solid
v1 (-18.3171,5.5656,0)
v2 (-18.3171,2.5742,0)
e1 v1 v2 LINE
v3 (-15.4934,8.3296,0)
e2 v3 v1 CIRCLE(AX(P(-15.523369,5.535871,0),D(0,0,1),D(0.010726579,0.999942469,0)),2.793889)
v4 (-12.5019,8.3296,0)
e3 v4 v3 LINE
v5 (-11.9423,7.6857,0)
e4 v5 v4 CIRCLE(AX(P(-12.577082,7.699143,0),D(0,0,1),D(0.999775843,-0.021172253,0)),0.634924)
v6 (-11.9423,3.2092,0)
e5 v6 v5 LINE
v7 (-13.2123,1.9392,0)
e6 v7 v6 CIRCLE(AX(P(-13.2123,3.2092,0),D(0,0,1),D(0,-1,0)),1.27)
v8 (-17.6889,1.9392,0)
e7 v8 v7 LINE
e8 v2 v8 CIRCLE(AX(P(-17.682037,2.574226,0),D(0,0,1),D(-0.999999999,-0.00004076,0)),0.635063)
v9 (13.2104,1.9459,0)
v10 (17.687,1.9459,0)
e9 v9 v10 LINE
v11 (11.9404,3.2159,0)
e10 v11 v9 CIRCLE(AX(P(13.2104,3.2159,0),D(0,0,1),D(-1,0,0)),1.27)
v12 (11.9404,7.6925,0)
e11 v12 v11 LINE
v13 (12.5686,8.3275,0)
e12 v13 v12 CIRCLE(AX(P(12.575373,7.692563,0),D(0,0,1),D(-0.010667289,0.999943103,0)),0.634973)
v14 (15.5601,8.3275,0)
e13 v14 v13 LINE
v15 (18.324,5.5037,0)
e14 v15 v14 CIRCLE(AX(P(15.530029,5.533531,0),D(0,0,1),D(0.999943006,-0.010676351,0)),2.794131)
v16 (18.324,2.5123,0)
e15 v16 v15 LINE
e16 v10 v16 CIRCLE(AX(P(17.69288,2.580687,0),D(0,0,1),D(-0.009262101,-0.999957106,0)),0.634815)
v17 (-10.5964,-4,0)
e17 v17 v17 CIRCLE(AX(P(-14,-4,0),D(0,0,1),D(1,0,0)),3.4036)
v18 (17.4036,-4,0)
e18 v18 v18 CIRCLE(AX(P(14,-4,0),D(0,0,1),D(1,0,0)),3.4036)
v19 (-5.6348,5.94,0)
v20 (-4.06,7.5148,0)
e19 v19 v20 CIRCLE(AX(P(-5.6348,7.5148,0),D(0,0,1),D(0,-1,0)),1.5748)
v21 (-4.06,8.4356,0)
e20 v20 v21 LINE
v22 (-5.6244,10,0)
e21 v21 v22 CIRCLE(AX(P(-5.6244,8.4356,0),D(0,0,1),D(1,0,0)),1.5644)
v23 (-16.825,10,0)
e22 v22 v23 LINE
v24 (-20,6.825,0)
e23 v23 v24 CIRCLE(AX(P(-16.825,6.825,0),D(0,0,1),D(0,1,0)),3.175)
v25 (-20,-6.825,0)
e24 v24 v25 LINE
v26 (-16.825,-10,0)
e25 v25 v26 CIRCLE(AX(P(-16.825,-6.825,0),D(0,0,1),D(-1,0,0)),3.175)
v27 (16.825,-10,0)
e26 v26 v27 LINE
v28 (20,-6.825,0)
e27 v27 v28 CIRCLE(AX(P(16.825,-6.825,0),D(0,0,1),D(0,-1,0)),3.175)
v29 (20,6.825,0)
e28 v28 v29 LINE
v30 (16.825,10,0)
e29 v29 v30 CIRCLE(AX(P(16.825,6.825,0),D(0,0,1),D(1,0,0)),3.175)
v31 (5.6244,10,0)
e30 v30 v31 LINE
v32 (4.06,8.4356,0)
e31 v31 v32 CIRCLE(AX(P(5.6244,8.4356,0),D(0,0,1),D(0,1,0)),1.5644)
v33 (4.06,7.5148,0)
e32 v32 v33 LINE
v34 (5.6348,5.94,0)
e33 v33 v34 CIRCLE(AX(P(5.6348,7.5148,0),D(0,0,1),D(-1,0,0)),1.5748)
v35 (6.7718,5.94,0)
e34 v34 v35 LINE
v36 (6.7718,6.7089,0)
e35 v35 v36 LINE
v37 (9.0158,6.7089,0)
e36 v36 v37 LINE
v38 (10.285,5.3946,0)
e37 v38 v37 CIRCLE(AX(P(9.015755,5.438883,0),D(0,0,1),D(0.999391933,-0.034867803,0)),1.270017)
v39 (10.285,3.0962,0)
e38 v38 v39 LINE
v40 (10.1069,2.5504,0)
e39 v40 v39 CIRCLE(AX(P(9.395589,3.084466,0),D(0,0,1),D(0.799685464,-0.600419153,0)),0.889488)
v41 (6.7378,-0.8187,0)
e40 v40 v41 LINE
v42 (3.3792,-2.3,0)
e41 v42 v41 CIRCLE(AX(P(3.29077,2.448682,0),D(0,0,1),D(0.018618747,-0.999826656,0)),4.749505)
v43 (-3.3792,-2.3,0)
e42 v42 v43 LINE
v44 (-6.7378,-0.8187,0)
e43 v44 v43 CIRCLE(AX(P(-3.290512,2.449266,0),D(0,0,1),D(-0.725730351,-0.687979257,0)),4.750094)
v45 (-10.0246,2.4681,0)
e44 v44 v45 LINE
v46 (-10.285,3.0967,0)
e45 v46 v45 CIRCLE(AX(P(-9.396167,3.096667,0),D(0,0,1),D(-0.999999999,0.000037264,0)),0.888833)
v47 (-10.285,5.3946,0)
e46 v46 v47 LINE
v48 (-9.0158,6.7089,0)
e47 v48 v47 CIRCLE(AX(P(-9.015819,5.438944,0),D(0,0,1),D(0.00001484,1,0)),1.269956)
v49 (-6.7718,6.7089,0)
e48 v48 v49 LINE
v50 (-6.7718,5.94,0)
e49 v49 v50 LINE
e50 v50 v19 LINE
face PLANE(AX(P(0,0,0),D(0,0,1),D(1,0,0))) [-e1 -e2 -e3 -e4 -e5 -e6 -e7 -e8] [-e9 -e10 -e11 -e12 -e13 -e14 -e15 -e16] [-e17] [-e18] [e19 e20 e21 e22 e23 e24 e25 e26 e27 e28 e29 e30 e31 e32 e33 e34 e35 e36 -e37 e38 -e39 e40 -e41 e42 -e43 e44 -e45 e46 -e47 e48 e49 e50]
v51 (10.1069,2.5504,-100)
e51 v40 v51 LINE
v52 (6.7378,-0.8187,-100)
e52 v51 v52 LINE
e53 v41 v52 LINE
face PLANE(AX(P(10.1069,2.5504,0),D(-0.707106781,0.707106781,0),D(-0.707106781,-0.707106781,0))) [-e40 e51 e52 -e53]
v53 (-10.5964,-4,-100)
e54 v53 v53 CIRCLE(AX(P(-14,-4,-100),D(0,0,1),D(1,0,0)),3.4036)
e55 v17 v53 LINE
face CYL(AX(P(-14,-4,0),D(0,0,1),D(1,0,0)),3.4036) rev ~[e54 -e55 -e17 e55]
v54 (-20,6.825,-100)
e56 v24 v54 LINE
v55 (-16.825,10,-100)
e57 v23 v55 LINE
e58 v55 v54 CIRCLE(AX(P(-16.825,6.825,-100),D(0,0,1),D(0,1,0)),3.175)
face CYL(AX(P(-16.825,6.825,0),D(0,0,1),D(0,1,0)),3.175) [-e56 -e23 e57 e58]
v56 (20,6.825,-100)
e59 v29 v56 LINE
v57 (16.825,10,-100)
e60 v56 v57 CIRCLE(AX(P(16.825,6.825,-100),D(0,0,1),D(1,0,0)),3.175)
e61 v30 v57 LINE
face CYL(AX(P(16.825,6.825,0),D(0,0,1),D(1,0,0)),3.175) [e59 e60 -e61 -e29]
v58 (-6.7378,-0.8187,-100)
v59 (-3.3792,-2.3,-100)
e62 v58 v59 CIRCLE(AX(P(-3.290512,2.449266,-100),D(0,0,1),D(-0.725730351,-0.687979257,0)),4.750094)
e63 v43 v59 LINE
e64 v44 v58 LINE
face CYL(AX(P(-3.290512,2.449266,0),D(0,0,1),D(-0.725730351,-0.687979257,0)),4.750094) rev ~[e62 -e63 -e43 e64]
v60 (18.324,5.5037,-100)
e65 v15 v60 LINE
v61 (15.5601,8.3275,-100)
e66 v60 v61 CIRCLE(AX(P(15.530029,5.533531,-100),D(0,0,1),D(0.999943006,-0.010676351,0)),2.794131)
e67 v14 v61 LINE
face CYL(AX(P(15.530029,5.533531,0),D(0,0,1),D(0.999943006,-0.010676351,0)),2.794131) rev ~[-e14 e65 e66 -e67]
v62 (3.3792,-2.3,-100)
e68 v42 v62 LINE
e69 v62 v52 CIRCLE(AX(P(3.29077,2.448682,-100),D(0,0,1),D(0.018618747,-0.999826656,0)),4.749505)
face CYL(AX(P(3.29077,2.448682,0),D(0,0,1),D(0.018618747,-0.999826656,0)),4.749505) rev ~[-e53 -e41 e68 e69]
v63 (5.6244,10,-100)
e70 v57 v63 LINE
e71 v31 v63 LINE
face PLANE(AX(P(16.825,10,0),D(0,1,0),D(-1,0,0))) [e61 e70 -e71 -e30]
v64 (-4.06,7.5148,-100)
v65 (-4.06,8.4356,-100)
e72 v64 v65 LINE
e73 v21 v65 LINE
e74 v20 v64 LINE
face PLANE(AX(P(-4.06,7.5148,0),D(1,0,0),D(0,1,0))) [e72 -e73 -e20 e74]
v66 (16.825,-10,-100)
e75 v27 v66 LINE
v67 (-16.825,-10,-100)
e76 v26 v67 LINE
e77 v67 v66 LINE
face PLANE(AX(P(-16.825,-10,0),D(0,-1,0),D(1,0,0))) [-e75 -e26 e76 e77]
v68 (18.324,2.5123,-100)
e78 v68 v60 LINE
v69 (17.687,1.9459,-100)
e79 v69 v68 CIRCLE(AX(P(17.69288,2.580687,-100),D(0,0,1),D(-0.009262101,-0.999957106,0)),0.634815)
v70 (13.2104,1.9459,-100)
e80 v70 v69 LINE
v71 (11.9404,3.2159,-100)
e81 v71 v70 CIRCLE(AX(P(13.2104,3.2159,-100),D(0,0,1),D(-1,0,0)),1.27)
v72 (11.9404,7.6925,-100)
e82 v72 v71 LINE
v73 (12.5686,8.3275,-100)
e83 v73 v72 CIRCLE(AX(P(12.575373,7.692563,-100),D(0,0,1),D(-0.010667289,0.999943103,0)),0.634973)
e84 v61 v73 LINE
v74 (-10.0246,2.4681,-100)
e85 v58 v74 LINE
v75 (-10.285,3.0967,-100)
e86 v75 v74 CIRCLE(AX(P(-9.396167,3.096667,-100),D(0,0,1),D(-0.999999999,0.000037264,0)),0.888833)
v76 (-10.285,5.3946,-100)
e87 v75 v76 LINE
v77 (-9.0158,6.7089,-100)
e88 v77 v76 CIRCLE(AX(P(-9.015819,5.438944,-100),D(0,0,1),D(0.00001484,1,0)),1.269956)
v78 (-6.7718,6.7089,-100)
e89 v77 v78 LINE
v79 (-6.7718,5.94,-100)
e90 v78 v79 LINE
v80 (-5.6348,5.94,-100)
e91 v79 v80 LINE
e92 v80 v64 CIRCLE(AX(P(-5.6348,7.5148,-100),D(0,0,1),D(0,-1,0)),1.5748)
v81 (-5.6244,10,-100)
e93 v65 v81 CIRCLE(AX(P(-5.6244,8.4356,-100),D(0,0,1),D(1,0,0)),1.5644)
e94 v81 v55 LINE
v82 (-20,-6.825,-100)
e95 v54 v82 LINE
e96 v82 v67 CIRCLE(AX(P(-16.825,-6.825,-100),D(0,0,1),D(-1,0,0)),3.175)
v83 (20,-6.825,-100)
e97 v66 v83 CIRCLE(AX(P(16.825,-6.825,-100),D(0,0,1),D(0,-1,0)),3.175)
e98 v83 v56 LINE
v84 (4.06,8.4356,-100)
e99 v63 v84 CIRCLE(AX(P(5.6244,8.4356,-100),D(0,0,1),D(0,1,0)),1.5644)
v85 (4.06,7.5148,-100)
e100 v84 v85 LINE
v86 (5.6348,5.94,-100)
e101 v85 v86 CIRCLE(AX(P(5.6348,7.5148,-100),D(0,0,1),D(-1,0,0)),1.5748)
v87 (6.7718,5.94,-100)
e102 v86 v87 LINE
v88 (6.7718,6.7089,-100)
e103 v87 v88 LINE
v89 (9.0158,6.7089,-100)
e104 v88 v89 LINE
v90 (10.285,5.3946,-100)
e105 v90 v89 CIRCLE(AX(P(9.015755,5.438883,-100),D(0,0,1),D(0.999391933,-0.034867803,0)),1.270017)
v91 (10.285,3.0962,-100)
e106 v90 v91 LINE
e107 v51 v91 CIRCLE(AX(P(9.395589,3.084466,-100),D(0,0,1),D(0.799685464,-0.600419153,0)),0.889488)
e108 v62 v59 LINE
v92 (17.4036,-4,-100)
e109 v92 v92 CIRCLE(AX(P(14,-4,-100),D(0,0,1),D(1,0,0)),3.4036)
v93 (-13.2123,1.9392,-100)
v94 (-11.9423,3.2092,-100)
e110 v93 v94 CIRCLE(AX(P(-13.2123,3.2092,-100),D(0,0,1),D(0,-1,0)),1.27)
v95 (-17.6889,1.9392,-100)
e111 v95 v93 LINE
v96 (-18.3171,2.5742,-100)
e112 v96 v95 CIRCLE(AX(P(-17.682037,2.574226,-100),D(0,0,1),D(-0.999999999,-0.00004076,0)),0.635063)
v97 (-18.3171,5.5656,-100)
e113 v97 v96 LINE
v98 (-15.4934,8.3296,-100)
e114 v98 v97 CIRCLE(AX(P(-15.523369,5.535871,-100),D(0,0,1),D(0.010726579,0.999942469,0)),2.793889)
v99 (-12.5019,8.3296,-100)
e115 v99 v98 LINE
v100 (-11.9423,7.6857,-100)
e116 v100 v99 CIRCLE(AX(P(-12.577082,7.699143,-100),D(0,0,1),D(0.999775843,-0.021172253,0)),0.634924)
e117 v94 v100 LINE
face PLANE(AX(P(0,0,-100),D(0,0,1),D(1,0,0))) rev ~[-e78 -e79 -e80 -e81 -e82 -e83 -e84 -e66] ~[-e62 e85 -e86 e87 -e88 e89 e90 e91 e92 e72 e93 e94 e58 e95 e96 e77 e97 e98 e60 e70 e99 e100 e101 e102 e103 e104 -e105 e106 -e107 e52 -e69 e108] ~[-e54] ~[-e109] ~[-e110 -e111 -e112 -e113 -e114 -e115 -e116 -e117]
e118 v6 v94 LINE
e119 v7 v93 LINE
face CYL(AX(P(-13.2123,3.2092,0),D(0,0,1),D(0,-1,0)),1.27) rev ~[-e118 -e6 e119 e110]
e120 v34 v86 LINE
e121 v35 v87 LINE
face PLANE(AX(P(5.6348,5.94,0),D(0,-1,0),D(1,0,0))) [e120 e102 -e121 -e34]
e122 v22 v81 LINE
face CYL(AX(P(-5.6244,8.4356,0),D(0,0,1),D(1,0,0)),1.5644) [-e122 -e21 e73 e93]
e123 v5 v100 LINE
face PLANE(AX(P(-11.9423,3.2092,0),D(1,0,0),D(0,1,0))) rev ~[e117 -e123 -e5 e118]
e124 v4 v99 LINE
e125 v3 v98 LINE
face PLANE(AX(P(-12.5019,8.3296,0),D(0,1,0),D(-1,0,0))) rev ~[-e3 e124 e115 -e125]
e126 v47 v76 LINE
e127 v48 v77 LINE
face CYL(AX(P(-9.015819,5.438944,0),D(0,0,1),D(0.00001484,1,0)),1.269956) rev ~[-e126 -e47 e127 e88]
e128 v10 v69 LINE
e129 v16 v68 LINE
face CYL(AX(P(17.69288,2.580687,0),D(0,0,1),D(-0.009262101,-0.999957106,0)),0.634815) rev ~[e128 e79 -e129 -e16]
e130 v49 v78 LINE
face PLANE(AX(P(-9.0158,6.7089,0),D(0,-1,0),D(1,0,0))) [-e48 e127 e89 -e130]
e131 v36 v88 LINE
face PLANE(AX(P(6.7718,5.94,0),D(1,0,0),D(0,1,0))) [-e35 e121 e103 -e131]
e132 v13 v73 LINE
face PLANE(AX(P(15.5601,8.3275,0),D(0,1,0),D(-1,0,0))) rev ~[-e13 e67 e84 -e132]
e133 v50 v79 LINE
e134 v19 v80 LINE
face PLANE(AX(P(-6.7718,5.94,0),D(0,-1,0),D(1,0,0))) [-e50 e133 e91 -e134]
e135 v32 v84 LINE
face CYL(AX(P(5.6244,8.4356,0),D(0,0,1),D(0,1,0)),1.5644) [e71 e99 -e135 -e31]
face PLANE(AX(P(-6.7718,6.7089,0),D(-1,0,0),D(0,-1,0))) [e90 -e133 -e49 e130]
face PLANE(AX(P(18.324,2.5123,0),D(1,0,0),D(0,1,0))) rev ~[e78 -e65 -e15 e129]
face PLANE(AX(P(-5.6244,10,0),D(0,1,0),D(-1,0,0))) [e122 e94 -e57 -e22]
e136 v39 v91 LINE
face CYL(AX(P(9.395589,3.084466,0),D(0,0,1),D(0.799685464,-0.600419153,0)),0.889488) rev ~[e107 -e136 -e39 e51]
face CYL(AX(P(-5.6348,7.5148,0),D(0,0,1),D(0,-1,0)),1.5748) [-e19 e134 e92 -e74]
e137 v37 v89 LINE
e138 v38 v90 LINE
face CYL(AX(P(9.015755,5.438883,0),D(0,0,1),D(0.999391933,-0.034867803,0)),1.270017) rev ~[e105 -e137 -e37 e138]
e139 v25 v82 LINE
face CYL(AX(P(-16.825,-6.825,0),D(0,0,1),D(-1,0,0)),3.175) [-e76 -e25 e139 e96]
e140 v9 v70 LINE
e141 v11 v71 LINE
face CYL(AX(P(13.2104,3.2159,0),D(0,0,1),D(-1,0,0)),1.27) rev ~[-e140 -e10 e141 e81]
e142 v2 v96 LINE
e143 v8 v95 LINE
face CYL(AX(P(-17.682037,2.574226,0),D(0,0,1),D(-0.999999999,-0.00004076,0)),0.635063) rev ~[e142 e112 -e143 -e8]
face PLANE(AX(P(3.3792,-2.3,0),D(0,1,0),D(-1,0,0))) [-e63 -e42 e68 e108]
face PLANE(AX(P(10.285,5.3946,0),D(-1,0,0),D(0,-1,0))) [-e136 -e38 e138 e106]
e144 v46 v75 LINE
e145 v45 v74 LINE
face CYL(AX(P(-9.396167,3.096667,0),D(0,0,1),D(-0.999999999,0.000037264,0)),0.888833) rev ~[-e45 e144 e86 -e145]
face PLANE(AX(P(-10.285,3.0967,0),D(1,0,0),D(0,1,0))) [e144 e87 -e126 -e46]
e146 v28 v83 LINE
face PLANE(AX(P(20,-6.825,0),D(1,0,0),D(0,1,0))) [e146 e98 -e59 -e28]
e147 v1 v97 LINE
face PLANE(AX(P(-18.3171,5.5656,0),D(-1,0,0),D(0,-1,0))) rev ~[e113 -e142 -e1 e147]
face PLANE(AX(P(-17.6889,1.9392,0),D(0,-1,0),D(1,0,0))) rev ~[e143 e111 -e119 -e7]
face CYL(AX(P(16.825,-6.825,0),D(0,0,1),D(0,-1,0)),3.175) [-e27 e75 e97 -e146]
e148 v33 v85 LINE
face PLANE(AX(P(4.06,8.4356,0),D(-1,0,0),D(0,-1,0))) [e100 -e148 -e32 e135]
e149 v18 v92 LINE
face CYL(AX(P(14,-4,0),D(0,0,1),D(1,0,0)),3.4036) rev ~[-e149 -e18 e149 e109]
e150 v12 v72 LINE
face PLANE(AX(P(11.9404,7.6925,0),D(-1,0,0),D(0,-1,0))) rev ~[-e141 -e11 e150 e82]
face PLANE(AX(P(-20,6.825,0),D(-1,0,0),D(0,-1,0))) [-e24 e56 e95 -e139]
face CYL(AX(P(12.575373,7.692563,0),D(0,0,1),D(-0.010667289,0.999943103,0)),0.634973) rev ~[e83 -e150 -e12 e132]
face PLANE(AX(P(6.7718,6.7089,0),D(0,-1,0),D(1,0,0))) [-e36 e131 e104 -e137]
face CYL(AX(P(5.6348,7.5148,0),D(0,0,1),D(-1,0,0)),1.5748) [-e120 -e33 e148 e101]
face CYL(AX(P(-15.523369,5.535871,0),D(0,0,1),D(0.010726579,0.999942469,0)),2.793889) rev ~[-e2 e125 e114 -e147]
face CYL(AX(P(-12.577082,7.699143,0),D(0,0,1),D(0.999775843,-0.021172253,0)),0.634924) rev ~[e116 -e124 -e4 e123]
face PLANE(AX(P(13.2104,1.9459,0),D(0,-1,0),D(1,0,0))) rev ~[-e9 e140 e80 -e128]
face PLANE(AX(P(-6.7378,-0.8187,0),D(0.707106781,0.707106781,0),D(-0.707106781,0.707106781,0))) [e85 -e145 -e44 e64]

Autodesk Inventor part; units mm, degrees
ref_plane "YZ Plane" through (0, 0, 0) normal (1, 0, 0) x (0, 1, 0)
ref_plane "XZ Plane" through (0, 0, 0) normal (0, 1, 0) x (-1, 0, 0)
ref_plane "XY Plane" through (0, 0, 0) normal (0, 0, 1) x (1, 0, 0)
sketch "Sketch1" plane through (0, 0, 0) normal (0, 0, 1) x (1, 0, 0)
  arc A0 (17.687, 1.9459) -> (18.324, 2.5123) centre (17.6928, 2.5809) ccw
  line L0 (13.2104, 1.9459) -> (17.687, 1.9459)
  arc A1 (11.9404, 3.2159) -> (13.2104, 1.9459) centre (13.2104, 3.2159) ccw
  line L1 (11.9404, 7.6925) -> (11.9404, 3.2159)
  arc A2 (12.5686, 8.3275) -> (11.9404, 7.6925) centre (12.5754, 7.6925) ccw
  line L2 (15.5601, 8.3275) -> (12.5686, 8.3275)
  arc A3 (18.324, 5.5037) -> (15.5601, 8.3275) centre (15.5302, 5.5336) ccw
  line L3 (18.324, 2.5123) -> (18.324, 5.5037)
  circle A4 centre (14, -4) radius 3.4036
  circle A5 centre (-14, -4) radius 3.4036
  arc A6 (-13.2123, 1.9392) -> (-11.9423, 3.2092) centre (-13.2123, 3.2092) ccw
  line L4 (-17.6889, 1.9392) -> (-13.2123, 1.9392)
  arc A7 (-18.3171, 2.5742) -> (-17.6889, 1.9392) centre (-17.6821, 2.5742) ccw
  line L5 (-18.3171, 5.5656) -> (-18.3171, 2.5742)
  arc A8 (-15.4934, 8.3296) -> (-18.3171, 5.5656) centre (-15.5233, 5.5357) ccw
  line L6 (-12.5019, 8.3296) -> (-15.4934, 8.3296)
  arc A9 (-11.9423, 7.6857) -> (-12.5019, 8.3296) centre (-12.5772, 7.6991) ccw
  line L7 (-11.9423, 3.2092) -> (-11.9423, 7.6857)
  arc A10 (-16.825, 10) -> (-20, 6.825) centre (-16.825, 6.825) ccw
  line L8 (-20, 6.825) -> (-20, -6.825)
  arc A11 (-20, -6.825) -> (-16.825, -10) centre (-16.825, -6.825) ccw
  line L9 (-16.825, -10) -> (16.825, -10)
  arc A12 (16.825, -10) -> (20, -6.825) centre (16.825, -6.825) ccw
  line L10 (20, -6.825) -> (20, 6.825)
  arc A13 (20, 6.825) -> (16.825, 10) centre (16.825, 6.825) ccw
  line L11 (16.825, 10) -> (5.6244, 10)
  arc A14 (5.6244, 10) -> (4.06, 8.4356) centre (5.6244, 8.4356) ccw
  line L12 (4.06, 8.4356) -> (4.06, 7.5148)
  arc A15 (4.06, 7.5148) -> (5.6348, 5.94) centre (5.6348, 7.5148) ccw
  line L13 (5.6348, 5.94) -> (6.7718, 5.94)
  line L14 (6.7718, 5.94) -> (6.7718, 6.7089)
  line L15 (6.7718, 6.7089) -> (9.0158, 6.7089)
  arc A16 (10.285, 5.3946) -> (9.0158, 6.7089) centre (9.0158, 5.4389) ccw
  line L16 (10.285, 5.3946) -> (10.285, 3.0962)
  arc A17 (10.1069, 2.5504) -> (10.285, 3.0962) centre (9.3961, 3.0842) ccw
  line L17 (10.1069, 2.5504) -> (6.7378, -0.8187)
  arc A18 (3.3792, -2.3) -> (6.7378, -0.8187) centre (3.2907, 2.449) ccw
  line L18 (3.3792, -2.3) -> (-3.3792, -2.3)
  arc A19 (-6.7378, -0.8187) -> (-3.3792, -2.3) centre (-3.2907, 2.449) ccw
  line L19 (-6.7378, -0.8187) -> (-10.0246, 2.4681)
  arc A20 (-10.285, 3.0967) -> (-10.0246, 2.4681) centre (-9.396, 3.0967) ccw
  line L20 (-10.285, 3.0967) -> (-10.285, 5.3946)
  arc A21 (-9.0158, 6.7089) -> (-10.285, 5.3946) centre (-9.0158, 5.4389) ccw
  line L21 (-9.0158, 6.7089) -> (-6.7718, 6.7089)
  line L22 (-6.7718, 6.7089) -> (-6.7718, 5.94)
  line L23 (-6.7718, 5.94) -> (-5.6348, 5.94)
  arc A22 (-5.6348, 5.94) -> (-4.06, 7.5148) centre (-5.6348, 7.5148) ccw
  line L24 (-4.06, 7.5148) -> (-4.06, 8.4356)
  arc A23 (-4.06, 8.4356) -> (-5.6244, 10) centre (-5.6244, 8.4356) ccw
  line L25 (-5.6244, 10) -> (-16.825, 10)
  point P0 (0, 0)
extrude "Extrusion1" add sketch "Sketch1" against normal blind 100
properties part number "40-4020-BLACK-FB"
